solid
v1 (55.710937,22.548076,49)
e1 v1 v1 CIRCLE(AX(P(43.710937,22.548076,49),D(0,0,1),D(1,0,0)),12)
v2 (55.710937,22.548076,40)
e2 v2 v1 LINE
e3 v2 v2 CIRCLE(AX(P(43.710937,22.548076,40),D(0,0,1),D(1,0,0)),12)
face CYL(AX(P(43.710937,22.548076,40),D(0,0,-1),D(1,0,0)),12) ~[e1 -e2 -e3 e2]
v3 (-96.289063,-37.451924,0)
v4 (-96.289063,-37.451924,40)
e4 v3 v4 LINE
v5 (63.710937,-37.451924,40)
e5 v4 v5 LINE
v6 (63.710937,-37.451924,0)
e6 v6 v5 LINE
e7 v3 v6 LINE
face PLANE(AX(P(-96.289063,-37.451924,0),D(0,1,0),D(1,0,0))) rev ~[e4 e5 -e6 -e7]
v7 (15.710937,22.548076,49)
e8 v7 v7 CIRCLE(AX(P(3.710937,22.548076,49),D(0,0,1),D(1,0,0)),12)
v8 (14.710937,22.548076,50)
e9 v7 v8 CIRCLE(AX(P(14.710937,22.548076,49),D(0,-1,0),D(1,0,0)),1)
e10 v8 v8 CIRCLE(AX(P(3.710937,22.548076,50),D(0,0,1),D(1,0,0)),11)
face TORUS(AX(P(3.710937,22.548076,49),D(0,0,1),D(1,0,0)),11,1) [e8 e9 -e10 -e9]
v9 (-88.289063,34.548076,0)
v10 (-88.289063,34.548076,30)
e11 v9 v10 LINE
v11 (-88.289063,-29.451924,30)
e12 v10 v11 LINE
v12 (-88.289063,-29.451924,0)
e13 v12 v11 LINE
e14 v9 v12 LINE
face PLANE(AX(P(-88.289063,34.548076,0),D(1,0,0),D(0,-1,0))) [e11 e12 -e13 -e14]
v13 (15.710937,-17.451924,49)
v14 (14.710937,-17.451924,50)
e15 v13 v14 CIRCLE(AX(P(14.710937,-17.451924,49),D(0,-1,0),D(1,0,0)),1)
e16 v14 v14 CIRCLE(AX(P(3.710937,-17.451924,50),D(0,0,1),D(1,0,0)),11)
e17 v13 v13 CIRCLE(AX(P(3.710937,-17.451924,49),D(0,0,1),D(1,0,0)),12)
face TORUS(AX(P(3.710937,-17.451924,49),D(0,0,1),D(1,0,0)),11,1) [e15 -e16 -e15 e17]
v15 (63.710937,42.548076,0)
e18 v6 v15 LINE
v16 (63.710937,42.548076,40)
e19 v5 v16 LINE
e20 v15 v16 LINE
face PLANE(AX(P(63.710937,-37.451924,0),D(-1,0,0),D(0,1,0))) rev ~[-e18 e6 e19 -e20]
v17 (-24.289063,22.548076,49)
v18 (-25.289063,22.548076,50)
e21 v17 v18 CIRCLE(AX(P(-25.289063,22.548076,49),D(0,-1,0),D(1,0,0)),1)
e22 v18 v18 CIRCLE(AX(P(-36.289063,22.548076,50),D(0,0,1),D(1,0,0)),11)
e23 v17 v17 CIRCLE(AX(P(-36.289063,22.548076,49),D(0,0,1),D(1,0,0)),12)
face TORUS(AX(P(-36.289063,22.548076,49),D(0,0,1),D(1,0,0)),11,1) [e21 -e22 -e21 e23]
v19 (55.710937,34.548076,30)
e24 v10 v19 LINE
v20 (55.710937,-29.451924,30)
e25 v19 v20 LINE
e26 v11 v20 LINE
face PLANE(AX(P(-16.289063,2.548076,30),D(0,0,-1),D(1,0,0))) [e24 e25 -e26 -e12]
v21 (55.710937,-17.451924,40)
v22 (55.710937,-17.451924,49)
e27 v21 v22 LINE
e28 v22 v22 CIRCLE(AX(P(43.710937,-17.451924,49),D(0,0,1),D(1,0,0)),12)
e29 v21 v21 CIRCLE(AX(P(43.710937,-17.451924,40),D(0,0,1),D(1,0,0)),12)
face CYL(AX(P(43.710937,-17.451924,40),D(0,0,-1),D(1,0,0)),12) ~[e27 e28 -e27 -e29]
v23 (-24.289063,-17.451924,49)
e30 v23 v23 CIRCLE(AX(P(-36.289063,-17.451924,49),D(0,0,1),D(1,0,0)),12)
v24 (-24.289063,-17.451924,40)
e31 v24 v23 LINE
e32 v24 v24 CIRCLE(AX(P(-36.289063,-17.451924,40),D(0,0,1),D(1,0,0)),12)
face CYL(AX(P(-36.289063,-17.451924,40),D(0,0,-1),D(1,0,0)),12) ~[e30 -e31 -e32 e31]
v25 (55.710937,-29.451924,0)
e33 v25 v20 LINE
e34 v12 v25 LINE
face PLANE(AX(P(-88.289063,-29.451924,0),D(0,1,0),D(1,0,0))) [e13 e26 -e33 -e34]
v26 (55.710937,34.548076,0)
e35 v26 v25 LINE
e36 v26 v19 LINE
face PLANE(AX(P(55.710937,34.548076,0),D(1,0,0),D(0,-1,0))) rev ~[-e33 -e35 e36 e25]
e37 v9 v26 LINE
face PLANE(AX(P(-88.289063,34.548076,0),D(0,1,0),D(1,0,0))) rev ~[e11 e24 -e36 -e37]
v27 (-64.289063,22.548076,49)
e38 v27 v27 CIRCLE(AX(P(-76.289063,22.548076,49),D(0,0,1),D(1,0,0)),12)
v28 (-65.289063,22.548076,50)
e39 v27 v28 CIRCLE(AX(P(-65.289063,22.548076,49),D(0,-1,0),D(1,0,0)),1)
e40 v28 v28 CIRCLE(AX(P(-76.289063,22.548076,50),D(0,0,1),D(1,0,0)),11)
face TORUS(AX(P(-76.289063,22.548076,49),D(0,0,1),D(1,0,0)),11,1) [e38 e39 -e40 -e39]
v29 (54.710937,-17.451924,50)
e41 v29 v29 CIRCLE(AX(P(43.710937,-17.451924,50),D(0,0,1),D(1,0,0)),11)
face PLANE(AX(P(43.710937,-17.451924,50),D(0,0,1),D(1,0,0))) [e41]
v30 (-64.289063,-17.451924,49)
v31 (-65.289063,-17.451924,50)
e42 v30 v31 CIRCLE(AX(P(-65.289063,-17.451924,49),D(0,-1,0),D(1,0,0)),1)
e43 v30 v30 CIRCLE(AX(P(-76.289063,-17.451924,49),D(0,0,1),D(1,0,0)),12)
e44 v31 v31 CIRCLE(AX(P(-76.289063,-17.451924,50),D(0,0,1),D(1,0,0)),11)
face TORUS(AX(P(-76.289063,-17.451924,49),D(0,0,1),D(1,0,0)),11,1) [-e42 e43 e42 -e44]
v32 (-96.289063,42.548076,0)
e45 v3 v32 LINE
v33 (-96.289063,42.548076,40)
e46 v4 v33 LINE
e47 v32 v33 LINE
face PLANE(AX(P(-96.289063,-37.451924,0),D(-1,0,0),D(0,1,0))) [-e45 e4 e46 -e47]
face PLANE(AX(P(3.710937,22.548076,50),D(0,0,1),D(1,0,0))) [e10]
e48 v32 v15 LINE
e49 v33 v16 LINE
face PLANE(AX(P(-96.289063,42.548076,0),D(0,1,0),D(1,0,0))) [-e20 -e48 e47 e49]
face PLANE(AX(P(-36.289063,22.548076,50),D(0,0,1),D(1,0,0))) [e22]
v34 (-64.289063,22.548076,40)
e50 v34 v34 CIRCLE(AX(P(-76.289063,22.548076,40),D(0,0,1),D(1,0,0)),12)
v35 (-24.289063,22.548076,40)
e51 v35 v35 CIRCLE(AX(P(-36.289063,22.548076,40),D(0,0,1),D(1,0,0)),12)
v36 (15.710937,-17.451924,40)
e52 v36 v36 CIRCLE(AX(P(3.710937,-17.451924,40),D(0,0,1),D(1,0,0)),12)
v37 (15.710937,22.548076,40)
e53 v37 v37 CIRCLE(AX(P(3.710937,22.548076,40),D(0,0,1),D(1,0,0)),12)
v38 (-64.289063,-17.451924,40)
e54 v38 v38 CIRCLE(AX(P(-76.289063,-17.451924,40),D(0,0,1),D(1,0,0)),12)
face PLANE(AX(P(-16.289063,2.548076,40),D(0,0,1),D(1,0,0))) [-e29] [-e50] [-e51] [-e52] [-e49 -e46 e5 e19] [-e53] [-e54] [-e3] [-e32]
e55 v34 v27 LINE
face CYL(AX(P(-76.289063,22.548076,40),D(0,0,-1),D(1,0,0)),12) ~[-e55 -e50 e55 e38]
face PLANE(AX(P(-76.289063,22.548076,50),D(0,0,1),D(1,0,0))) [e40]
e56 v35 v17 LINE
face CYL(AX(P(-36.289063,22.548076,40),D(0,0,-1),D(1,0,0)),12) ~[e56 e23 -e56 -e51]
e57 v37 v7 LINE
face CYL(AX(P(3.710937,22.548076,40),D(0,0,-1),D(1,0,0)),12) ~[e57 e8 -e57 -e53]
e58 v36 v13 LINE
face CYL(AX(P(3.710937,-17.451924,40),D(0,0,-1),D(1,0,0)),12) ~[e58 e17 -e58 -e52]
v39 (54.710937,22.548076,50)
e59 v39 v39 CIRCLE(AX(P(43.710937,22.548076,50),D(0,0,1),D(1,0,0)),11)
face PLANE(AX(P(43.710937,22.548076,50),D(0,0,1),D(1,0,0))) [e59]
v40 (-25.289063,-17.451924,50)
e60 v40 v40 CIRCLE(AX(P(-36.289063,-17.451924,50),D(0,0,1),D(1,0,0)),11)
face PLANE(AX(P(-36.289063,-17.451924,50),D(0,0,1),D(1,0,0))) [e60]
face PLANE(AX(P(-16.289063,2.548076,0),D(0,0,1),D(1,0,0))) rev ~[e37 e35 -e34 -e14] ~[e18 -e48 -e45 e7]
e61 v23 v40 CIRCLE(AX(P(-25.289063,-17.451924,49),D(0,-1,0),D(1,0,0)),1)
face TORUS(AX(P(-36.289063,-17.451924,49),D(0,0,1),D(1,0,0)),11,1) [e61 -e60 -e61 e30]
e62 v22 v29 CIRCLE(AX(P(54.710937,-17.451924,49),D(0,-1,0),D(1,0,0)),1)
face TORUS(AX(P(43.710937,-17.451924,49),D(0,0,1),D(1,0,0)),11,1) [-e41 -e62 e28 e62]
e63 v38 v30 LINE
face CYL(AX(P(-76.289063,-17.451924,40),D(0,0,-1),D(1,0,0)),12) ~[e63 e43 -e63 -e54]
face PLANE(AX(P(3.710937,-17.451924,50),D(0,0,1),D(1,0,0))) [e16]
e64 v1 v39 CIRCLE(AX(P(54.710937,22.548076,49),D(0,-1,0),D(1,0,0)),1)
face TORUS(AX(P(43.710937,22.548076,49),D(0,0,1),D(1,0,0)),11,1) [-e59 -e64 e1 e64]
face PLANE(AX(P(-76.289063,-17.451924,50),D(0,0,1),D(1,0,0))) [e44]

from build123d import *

# Parameters (mm, degrees)
F0_W     = 160
F0_H     = 80
F1_DEPTH = 40
F2_W     = 144
F2_H     = 64
F3_DEPTH = 30
F4_R     = 12
F5_DEPTH = 10
F6_R     = 1


with BuildPart() as f1:
    # F0 (on Top) → F1 (new body)
    with BuildSketch(Plane.XY):
        with Locations((-16.289063, 2.548076)):
            Rectangle(F0_W, F0_H)
    extrude(amount=F1_DEPTH)

    # F2 (on face) → F3 (cut)
    with BuildSketch(Plane(origin=(0, 0, 0), x_dir=(1, 0, 0), z_dir=(0, 0, -1))):
        with Locations((-16.289063, -2.548076)):
            Rectangle(F2_W, F2_H)
    extrude(amount=-F3_DEPTH, mode=Mode.SUBTRACT)

    # F4 (on face) → F5 (join)
    with BuildSketch(Plane.XY.offset(40)):
        with Locations((-76.289063, 22.548076)):
            Circle(F4_R)
        with Locations((-76.289063, -17.451924)):
            Circle(F4_R)
        with Locations((-36.289063, 22.548076)):
            Circle(F4_R)
        with Locations((-36.289063, -17.451924)):
            Circle(F4_R)
        with Locations((3.710937, 22.548076)):
            Circle(F4_R)
        with Locations((3.710937, -17.451924)):
            Circle(F4_R)
        with Locations((43.710937, 22.548076)):
            Circle(F4_R)
        with Locations((43.710937, -17.451924)):
            Circle(F4_R)
    extrude(amount=F5_DEPTH)

    # F6
    f6_edges = [f1.edges().sort_by_distance(p)[0] for p in [
        (-88.289063, 22.548076, 50),
        (-48.289063, 22.548076, 50),
        (-8.289063, 22.548076, 50),
        (31.710937, 22.548076, 50),
        (31.710937, -17.451924, 50),
        (-8.289063, -17.451924, 50),
        (-48.289063, -17.451924, 50),
        (-88.289063, -17.451924, 50),
    ]]
    fillet(f6_edges, radius=F6_R)


solid = f1.part
